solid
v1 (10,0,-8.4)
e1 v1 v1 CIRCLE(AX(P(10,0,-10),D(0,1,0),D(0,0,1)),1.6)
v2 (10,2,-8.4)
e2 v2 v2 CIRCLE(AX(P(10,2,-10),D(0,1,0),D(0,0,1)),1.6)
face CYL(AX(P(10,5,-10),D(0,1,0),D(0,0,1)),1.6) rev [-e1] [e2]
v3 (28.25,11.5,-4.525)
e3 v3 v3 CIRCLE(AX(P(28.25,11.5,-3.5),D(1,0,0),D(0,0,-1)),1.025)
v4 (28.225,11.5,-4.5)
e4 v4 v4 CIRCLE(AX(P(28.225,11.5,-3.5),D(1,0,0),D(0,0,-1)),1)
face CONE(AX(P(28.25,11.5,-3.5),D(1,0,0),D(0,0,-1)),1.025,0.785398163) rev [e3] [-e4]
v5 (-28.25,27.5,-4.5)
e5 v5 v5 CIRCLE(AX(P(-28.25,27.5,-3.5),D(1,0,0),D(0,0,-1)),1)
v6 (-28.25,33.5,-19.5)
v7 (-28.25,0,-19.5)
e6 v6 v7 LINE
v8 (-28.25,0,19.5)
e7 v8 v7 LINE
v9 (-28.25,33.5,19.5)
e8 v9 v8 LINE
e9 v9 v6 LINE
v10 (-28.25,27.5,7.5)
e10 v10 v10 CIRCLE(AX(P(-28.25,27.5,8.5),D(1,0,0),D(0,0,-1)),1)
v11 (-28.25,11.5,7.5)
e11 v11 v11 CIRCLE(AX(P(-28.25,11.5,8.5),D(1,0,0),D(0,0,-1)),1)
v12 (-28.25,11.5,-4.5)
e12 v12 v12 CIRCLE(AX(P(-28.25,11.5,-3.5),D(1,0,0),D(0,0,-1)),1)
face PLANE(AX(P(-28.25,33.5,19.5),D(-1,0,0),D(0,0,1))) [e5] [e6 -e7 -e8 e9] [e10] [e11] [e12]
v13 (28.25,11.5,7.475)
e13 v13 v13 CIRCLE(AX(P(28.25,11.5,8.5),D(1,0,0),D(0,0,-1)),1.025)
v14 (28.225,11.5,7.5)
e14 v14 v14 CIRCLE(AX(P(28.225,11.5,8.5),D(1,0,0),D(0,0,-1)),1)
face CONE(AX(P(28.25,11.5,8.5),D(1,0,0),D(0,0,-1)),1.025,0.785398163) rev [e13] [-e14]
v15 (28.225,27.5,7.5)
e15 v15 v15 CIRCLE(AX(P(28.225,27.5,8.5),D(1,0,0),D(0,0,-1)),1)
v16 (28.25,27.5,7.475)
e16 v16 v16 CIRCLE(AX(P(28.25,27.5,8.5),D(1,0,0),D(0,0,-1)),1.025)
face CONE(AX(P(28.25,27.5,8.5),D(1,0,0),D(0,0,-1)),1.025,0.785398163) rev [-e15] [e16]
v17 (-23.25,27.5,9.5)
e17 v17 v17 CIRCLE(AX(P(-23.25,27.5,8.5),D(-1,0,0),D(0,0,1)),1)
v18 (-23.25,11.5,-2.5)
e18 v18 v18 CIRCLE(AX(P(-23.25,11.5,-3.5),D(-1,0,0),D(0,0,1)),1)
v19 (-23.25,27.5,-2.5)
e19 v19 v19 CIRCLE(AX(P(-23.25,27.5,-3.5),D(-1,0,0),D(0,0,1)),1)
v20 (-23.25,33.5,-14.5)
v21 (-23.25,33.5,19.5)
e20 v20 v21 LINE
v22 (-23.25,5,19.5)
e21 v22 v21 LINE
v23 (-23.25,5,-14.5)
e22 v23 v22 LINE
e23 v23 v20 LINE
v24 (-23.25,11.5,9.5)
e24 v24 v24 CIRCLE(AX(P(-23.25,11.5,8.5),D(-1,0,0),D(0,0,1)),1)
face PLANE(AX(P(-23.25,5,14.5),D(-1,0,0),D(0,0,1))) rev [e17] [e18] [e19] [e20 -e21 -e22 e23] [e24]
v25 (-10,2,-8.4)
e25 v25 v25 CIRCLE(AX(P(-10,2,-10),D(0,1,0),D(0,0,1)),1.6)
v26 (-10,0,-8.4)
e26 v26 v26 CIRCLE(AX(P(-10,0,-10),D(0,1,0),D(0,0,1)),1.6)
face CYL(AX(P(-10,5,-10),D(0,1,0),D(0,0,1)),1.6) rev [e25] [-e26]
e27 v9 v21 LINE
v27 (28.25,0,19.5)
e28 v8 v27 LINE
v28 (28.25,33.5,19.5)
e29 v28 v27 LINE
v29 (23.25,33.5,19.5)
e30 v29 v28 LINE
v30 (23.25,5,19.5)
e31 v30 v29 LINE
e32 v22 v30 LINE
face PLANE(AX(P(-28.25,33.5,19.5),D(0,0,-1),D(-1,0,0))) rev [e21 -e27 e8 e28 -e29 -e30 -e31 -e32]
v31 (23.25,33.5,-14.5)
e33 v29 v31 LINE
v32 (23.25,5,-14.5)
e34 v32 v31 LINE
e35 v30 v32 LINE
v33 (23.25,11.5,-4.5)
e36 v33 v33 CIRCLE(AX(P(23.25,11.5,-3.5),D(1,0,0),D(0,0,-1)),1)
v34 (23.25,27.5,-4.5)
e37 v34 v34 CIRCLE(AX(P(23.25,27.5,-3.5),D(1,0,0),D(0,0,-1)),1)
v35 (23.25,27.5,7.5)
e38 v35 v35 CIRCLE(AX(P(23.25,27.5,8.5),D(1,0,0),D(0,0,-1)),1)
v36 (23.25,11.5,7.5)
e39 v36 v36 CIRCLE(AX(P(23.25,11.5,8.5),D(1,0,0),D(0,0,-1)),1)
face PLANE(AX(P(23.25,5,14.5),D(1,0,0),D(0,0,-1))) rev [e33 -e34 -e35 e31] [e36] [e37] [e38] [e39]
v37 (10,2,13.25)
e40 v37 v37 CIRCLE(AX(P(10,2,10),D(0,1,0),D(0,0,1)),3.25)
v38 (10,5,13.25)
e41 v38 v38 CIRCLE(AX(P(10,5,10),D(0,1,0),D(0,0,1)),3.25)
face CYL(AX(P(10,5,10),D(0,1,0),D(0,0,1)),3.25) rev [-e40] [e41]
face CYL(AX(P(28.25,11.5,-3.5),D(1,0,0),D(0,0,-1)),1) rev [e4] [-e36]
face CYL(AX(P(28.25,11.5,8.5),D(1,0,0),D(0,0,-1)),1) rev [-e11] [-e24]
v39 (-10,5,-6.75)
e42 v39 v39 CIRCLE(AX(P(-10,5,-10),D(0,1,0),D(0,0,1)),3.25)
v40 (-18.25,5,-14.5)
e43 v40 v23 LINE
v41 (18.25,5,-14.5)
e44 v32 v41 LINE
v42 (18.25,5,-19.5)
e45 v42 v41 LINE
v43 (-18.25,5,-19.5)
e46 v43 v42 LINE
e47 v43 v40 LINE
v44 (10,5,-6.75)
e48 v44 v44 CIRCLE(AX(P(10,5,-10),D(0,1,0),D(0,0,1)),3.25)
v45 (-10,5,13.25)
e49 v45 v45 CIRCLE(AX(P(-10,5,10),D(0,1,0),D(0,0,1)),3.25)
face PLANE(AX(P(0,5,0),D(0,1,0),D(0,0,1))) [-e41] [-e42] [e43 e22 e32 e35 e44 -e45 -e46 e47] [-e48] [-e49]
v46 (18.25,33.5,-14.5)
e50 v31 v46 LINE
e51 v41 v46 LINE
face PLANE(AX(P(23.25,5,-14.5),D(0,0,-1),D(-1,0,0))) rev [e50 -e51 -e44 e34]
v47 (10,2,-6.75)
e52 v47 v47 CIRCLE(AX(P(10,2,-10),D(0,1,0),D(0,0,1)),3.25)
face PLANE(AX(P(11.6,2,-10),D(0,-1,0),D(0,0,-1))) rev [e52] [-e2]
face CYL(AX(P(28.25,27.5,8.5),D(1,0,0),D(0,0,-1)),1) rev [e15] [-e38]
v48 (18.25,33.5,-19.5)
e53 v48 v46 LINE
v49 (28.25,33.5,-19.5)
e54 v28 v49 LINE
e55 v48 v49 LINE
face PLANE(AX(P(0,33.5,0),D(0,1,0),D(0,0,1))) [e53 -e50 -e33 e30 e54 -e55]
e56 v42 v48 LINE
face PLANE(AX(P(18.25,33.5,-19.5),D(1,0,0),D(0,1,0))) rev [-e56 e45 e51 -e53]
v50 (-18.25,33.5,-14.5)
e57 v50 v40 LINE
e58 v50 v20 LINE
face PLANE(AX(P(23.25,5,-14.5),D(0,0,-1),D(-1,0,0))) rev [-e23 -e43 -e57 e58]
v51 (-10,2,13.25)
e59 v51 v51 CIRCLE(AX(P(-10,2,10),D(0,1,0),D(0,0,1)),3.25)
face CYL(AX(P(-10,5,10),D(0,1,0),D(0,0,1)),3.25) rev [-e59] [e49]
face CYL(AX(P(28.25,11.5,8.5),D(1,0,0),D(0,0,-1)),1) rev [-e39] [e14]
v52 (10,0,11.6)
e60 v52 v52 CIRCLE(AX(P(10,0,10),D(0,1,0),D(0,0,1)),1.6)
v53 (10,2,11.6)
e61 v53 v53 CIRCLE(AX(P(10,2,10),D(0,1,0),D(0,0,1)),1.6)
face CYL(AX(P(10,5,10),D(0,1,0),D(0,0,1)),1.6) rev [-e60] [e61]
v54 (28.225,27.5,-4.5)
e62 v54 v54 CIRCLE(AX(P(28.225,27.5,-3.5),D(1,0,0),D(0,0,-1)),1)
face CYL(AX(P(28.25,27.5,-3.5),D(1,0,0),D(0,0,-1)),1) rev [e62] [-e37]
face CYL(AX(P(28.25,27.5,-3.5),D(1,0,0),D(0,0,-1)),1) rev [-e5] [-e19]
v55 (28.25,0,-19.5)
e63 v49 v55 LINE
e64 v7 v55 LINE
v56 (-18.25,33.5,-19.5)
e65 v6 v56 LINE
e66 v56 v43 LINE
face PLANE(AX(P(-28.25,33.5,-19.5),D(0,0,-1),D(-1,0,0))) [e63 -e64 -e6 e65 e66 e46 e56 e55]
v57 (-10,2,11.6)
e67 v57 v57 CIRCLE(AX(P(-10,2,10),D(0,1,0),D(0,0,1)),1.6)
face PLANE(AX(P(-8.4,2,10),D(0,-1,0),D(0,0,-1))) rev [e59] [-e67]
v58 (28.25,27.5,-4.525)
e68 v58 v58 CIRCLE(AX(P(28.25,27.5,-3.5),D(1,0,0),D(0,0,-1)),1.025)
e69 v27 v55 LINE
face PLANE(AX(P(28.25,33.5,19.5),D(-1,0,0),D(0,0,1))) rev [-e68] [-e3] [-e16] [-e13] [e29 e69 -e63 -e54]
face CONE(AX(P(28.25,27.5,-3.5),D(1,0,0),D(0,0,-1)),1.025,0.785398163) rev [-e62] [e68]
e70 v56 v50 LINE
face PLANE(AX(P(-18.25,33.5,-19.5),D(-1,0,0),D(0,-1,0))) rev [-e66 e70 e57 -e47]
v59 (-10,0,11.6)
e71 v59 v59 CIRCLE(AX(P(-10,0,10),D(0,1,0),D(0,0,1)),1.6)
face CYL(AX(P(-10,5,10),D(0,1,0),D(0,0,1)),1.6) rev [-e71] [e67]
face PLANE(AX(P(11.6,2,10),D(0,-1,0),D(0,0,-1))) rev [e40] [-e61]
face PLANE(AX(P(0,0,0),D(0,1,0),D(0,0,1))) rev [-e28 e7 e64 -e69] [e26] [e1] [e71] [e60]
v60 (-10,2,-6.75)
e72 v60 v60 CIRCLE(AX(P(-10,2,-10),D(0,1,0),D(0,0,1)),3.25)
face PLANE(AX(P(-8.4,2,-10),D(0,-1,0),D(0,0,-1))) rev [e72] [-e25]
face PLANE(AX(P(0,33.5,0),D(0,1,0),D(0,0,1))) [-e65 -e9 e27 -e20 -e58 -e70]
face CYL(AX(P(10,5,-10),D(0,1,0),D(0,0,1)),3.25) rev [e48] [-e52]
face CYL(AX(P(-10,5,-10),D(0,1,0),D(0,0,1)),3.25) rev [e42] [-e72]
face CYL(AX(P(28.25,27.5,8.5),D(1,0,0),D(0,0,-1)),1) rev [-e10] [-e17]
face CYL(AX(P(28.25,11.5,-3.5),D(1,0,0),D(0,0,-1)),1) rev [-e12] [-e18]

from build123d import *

# Parameters (mm, degrees)
SKETCH9_W                                       = 56.5
SKETCH9_H                                       = 39
BOSS_EXTRUDE7_DEPTH                             = 33.5
CUT_EXTRUDE3_DEPTH                              = 28.5
SKETCH12_W                                      = 36.5
SKETCH12_H                                      = 28.5
CUT_EXTRUDE4_DEPTH                              = 56.464515683
CBORE_FOR_M3_SOCKET_HEAD_CAP_SCREW3_D           = 3.2
CBORE_FOR_M3_SOCKET_HEAD_CAP_SCREW3_CBORE_D     = 6.5
CBORE_FOR_M3_SOCKET_HEAD_CAP_SCREW3_CBORE_DEPTH = 3
F_2_0MM_DOWEL_HOLE1_D                           = 2
F_2_0MM_DOWEL_HOLE1_CSINK_D                     = 2.05
F_2_0MM_DOWEL_HOLE1_CSINK_ANGLE                 = 90


with BuildPart() as part:
    # Sketch9 → Boss-Extrude7 (new body)
    with BuildSketch(Plane(origin=(0, 0, 0), x_dir=(1, 0, 0), z_dir=(0, 1, 0))):
        Rectangle(SKETCH9_W, SKETCH9_H)
    extrude(amount=BOSS_EXTRUDE7_DEPTH)

    # Sketch11 → Cut-Extrude3 (cut)
    with BuildSketch(Plane(origin=(0, 33.5, 0), x_dir=(1, 0, 0), z_dir=(0, 1, 0))):
        Polygon((-23.25, -14.5), (-23.25, -19.5), (23.25, -19.5), (23.25, -14.5), (23.25, 14.5), (-23.25, 14.5), align=None)
    extrude(amount=-CUT_EXTRUDE3_DEPTH, mode=Mode.SUBTRACT)

    # Sketch12 → Cut-Extrude4 (cut, through all)
    with BuildSketch(Plane.XY.offset(-14.5)):
        with Locations((0, 19.25)):
            Rectangle(SKETCH12_W, SKETCH12_H)
    extrude(amount=-CUT_EXTRUDE4_DEPTH, mode=Mode.SUBTRACT)

    # CBORE for M3 Socket Head Cap Screw3 (through all)
    with Locations(Plane(origin=(10, 5, -10), x_dir=(0, 0, 1), z_dir=(0, 1, 0))):
        with Locations((0, 0), (20, 0), (20, -20), (0, -20)):
            CounterBoreHole(CBORE_FOR_M3_SOCKET_HEAD_CAP_SCREW3_D / 2, CBORE_FOR_M3_SOCKET_HEAD_CAP_SCREW3_CBORE_D / 2, CBORE_FOR_M3_SOCKET_HEAD_CAP_SCREW3_CBORE_DEPTH)

    # Ø2.0mm Dowel Hole1 (through all)
    with Locations(Plane(origin=(28.25, 0, 0), x_dir=(0, 0, -1), z_dir=(1, 0, 0))):
        with Locations((-8.5, 27.5), (-8.5, 11.5), (3.5, 11.5), (3.5, 27.5)):
            CounterSinkHole(F_2_0MM_DOWEL_HOLE1_D / 2, F_2_0MM_DOWEL_HOLE1_CSINK_D / 2, counter_sink_angle=F_2_0MM_DOWEL_HOLE1_CSINK_ANGLE)


solid = part.part
